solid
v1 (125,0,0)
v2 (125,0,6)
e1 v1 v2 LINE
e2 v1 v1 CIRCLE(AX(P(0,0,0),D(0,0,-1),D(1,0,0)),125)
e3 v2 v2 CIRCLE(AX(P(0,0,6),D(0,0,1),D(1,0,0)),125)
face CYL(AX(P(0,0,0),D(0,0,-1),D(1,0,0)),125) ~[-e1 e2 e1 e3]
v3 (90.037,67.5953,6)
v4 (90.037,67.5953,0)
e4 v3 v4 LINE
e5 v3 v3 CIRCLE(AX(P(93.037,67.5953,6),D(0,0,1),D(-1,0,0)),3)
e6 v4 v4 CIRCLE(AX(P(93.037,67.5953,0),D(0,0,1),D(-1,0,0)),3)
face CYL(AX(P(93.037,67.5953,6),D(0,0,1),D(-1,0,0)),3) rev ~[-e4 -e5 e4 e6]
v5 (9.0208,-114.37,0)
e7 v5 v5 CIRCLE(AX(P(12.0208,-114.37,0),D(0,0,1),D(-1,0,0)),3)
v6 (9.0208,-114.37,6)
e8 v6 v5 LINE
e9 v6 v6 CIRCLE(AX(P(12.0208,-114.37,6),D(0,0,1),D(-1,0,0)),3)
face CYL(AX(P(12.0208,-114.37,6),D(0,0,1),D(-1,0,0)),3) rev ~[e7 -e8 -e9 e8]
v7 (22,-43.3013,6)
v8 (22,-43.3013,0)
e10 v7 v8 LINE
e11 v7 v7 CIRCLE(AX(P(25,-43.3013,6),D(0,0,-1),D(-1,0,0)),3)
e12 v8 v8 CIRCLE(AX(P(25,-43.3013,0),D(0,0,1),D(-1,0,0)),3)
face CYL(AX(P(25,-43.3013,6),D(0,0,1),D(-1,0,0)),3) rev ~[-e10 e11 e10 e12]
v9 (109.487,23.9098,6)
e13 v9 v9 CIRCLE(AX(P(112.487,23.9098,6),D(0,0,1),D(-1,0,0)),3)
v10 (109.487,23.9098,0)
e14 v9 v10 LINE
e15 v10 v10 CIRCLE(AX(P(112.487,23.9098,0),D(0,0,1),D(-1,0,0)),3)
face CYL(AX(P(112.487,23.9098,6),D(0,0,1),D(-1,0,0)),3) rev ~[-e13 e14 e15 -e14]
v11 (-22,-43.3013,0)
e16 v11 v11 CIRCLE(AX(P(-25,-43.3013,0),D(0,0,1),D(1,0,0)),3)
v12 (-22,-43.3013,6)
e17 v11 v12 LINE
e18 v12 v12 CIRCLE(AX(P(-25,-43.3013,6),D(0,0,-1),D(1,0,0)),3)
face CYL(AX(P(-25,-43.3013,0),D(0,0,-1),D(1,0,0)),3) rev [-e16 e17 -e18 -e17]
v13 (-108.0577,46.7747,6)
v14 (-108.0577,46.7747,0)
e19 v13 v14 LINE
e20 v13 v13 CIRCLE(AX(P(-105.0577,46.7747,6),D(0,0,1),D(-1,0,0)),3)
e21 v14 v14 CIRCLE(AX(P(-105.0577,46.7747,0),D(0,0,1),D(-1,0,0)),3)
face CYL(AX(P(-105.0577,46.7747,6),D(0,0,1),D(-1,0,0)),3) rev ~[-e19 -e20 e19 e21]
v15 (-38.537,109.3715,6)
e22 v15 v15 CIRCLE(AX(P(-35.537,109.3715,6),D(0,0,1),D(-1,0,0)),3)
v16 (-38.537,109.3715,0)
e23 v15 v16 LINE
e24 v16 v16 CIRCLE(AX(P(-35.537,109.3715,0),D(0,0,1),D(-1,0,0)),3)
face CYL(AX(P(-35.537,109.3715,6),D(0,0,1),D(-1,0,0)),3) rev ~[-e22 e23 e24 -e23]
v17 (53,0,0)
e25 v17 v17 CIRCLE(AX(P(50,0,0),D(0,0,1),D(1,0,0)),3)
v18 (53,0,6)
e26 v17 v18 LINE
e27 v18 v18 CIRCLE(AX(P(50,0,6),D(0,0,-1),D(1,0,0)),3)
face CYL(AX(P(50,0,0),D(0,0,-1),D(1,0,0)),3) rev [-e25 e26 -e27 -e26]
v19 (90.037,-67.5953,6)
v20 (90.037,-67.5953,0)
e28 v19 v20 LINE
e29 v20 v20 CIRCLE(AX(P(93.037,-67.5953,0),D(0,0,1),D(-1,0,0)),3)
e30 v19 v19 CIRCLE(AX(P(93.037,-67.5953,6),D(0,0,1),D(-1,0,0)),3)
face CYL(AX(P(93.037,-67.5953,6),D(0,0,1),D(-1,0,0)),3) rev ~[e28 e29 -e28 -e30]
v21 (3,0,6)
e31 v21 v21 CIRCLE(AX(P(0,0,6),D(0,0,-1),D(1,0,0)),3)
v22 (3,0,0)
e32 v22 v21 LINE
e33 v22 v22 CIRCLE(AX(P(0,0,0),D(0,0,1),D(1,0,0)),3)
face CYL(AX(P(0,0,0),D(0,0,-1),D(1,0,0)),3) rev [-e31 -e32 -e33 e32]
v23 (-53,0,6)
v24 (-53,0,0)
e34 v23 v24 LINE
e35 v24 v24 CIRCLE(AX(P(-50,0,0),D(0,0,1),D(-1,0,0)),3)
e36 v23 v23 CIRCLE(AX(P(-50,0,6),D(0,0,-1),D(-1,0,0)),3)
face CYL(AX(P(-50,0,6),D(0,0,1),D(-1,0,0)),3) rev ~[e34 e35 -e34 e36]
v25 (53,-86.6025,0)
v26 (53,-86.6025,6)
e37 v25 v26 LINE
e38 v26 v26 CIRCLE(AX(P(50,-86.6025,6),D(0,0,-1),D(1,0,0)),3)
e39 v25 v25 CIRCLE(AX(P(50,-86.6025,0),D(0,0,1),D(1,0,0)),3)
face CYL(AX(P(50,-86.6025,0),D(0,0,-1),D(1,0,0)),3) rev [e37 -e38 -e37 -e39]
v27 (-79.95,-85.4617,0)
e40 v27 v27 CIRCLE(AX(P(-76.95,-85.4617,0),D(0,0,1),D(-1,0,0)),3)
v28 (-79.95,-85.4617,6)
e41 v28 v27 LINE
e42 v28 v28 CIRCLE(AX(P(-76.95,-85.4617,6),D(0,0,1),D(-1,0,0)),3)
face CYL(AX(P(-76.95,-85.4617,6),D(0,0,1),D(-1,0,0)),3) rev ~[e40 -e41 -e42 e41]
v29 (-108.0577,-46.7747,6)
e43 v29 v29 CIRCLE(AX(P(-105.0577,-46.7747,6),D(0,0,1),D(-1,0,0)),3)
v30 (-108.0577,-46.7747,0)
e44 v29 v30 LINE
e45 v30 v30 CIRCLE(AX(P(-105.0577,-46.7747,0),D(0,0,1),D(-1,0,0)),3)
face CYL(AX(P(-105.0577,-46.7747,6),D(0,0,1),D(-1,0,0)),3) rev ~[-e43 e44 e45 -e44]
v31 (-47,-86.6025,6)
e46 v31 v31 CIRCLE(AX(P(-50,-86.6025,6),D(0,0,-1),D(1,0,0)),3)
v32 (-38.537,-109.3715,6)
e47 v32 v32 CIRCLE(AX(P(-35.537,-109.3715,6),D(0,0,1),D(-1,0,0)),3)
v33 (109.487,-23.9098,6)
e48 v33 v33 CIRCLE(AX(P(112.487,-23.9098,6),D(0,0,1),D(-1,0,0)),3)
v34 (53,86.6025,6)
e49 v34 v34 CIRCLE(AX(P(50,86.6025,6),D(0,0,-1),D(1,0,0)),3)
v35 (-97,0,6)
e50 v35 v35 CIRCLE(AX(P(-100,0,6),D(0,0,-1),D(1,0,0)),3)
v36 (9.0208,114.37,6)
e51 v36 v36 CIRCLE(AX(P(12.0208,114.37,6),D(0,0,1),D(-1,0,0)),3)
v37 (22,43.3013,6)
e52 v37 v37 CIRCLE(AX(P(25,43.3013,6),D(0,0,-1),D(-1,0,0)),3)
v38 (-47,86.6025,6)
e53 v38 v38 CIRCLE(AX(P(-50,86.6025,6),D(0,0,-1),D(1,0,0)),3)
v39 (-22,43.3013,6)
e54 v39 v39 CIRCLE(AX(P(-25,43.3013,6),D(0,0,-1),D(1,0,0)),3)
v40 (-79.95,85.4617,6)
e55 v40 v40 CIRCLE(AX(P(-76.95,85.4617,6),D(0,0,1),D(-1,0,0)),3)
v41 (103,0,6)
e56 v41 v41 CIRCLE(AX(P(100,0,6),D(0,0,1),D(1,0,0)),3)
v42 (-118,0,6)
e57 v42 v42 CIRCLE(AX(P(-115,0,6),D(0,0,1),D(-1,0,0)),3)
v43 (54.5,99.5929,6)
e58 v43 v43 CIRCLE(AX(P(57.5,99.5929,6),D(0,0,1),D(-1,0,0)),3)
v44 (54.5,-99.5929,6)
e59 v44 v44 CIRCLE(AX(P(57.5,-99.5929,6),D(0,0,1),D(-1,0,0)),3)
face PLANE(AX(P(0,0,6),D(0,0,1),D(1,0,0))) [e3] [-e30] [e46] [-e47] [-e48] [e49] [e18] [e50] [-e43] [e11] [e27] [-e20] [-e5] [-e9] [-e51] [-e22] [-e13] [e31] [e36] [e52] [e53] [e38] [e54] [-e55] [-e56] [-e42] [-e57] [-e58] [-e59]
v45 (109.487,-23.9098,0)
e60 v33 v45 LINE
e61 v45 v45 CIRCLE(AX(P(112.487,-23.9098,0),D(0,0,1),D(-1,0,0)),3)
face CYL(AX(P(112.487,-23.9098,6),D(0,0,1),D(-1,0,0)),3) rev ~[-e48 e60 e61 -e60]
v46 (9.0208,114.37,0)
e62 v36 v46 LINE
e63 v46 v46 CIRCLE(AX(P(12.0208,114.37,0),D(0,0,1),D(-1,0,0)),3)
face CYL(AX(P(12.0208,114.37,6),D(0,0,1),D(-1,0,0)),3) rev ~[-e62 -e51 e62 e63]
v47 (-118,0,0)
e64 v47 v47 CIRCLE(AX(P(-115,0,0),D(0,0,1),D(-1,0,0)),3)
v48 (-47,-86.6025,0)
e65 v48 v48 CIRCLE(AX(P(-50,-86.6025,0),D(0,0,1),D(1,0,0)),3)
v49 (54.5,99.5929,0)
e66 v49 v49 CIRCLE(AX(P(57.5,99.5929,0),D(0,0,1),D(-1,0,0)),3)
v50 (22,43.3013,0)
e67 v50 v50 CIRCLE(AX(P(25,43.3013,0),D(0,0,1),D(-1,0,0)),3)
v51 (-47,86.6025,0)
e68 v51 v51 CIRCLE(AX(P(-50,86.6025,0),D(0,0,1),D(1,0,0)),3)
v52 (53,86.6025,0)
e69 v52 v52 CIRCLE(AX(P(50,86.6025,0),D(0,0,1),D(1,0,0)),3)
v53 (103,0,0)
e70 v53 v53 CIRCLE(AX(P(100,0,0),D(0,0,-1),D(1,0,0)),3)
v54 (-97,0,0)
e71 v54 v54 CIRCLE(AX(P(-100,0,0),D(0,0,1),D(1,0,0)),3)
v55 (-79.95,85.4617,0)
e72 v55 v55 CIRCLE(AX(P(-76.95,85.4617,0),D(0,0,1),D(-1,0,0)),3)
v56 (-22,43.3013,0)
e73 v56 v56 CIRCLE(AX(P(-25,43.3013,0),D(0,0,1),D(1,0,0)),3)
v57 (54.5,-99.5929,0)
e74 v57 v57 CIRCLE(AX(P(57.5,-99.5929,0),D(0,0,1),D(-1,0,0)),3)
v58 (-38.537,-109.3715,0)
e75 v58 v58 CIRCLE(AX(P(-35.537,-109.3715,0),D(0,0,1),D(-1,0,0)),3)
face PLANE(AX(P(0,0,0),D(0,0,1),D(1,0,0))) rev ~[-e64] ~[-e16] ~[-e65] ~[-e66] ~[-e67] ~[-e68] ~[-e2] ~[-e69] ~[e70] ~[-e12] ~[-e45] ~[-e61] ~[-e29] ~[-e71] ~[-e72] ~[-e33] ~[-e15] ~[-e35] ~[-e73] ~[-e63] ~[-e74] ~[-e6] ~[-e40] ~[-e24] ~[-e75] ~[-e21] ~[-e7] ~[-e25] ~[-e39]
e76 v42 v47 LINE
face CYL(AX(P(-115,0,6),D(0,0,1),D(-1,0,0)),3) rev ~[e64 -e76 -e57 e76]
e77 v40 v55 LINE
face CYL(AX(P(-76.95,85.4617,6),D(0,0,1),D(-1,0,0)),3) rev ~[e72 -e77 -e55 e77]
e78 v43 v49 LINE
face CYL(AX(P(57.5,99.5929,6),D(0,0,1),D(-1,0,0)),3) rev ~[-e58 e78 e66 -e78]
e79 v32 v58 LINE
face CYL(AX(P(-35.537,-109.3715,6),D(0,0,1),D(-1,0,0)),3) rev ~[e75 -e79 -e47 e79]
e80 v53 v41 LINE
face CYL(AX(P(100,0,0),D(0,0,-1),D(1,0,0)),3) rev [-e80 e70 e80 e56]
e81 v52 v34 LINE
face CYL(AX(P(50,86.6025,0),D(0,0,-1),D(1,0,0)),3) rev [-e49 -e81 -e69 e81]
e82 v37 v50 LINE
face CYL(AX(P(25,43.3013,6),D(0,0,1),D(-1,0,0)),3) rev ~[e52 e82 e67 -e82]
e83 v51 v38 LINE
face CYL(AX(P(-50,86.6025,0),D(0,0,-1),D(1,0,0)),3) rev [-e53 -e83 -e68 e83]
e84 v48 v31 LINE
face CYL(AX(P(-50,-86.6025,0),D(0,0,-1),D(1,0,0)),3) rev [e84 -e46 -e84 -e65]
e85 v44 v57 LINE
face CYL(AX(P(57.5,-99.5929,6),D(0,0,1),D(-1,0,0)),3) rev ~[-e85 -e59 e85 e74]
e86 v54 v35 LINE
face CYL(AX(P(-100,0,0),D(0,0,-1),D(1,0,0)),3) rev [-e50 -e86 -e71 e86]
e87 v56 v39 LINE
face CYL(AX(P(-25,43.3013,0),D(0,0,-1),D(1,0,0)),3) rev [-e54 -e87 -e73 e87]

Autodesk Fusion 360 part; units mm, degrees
sketch "Sketch1" plane through (0, 0, 0) normal (0, 0, 1) x (1, 0, 0)
  circle A0 centre (0, 0) radius 125
  line L0 (0, 0) -> (125, 0)
  line L1 (0, 0) -> (-62.5, -108.2532)
  line L2 (0, 0) -> (-62.5, 108.2532)
  line L3 (0, 0) -> (125, 0) construction
  line L4 (0, 0) -> (-25, 43.3013)
  line L5 (-25, 43.3013) -> (-50, 86.6025)
  line L6 (0, 0) -> (50, 0)
  line L7 (50, 0) -> (100, 0)
  line L8 (0, 0) -> (-25, -43.3013)
  line L9 (-25, -43.3013) -> (-50, -86.6025)
  circle A1 centre (-50, 86.6025) radius 3
  circle A2 centre (-25, 43.3013) radius 3
  circle A3 centre (50, 0) radius 3
  circle A4 centre (100, 0) radius 3
  circle A5 centre (-25, -43.3013) radius 3
  circle A6 centre (-50, -86.6025) radius 3
  line L10 (0, 0) -> (62.5, 108.2532)
  line L11 (0, 0) -> (125, 0) construction
  line L12 (0, 0) -> (62.5, -108.2532)
  line L13 (0, 0) -> (125, 0) construction
  line L14 (0, 0) -> (-125, 0)
  line L15 (0, 0) -> (-100, 0)
  circle A7 centre (-100, 0) radius 3
  line L16 (0, 0) -> (50, -86.6025)
  circle A8 centre (50, -86.6025) radius 3
  line L17 (0, 0) -> (50, 86.6025)
  circle A9 centre (50, 86.6025) radius 3
  circle A10 centre (0, 0) radius 3
  dimension "d1" = 250
  dimension "d2" = 60
  dimension "d3" = 120
  dimension "d4" = 50
  dimension "d5" = 50
  dimension "d6" = 50
  dimension "d7" = 50
  dimension "d8" = 50
  dimension "d9" = 50
  dimension "d10" = 6
  dimension "d11" = 6
  dimension "d12" = 6
  dimension "d13" = 6
  dimension "d14" = 6
  dimension "d15" = 6
  dimension "d16" = 60
  dimension "d17" = 60
  dimension "d18" = 100
  dimension "d19" = 6
  dimension "d20" = 100
  dimension "d21" = 6
  dimension "d22" = 100
  dimension "d23" = 6
  dimension "d24" = 6
extrude "Extrude1" add sketch "Sketch1" along normal blind 6 contours A0 L0 L6 L7 A3 A4 L10 L17 A9 A10 | A0 L0 L6 L7 A3 A4 L12 L16 A8 A10 | A0 L2 L4 L5 A1 A2 L10 L17 A9 A10 | A0 L1 L8 L9 A5 A6 L12 L16 A8 A10 | A0 L2 L4 L5 A1 A2 L14 L15 A7 A10 | A0 L1 L8 L9 A5 A6 L14 L15 A7 A10
sketch "Sketch2" plane through (0, 0, 6) normal (0, 0, 1) x (-1, 0, 0)
  circle A0 centre (0, 0) radius 3
  circle A1 centre (-50, -86.6025) radius 3
  circle A2 centre (25, -43.3013) radius 3
  circle A3 centre (100, 0) radius 3
  circle A4 centre (25, 43.3013) radius 3
  circle A5 centre (50, -86.6025) radius 3
  circle A6 centre (-100, 0) radius 3
  circle A7 centre (-50, 86.6025) radius 3
  circle A8 centre (-50, 0) radius 3
  circle A9 centre (50, 86.6025) radius 3
  circle A10 centre (0, 0) radius 125
  line L0 (125, 0) -> (115, 0)
  circle A11 centre (115, 0) radius 3
  circle A12 centre (105.0577, 46.7747) radius 3
  circle A13 centre (76.95, 85.4617) radius 3
  circle A14 centre (35.537, 109.3715) radius 3
  circle A15 centre (-12.0208, 114.37) radius 3
  circle A16 centre (-57.5, 99.5929) radius 3
  circle A17 centre (-93.037, 67.5953) radius 3
  circle A18 centre (-112.487, 23.9098) radius 3
  circle A19 centre (-112.487, -23.9098) radius 3
  circle A20 centre (-93.037, -67.5953) radius 3
  circle A21 centre (-57.5, -99.5929) radius 3
  circle A22 centre (-12.0208, -114.37) radius 3
  circle A23 centre (35.537, -109.3715) radius 3
  circle A24 centre (76.95, -85.4617) radius 3
  circle A25 centre (105.0577, -46.7747) radius 3
  dimension "d27" = 10
  dimension "d28" = 6
  dimension "d30" = 360
extrude "Extrude2" cut sketch "Sketch2" against normal blind 6 contours A11 | A12 | A13 | A14 | A15 | A16 | A17 | A18 | A19 | A20 | A21 | A22 | A23 | A24 | A25
sketch "Sketch3" plane through (0, 0, 6) normal (0, 0, 1) x (-1, 0, 0)
  circle A0 centre (35.537, 109.3715) radius 3
  circle A1 centre (-112.487, 23.9098) radius 3
  circle A2 centre (-12.0208, -114.37) radius 3
  circle A3 centre (115, 0) radius 3
  circle A4 centre (35.537, -109.3715) radius 3
  circle A5 centre (-112.487, -23.9098) radius 3
  circle A6 centre (-12.0208, 114.37) radius 3
  circle A7 centre (76.95, 85.4617) radius 3
  circle A8 centre (-93.037, 67.5953) radius 3
  circle A9 centre (-57.5, -99.5929) radius 3
  circle A10 centre (105.0577, -46.7747) radius 3
  circle A11 centre (76.95, -85.4617) radius 3
  circle A12 centre (-93.037, -67.5953) radius 3
  circle A13 centre (-57.5, 99.5929) radius 3
  circle A14 centre (105.0577, 46.7747) radius 3
  circle A15 centre (0, 0) radius 3
  circle A16 centre (-50, -86.6025) radius 3
  circle A17 centre (25, -43.3013) radius 3
  circle A18 centre (100, 0) radius 3
  circle A19 centre (25, 43.3013) radius 3
  circle A20 centre (50, -86.6025) radius 3
  circle A21 centre (-100, 0) radius 3
  circle A22 centre (-50, 86.6025) radius 3
  circle A23 centre (-50, 0) radius 3
  circle A24 centre (50, 86.6025) radius 3
  circle A25 centre (0, 0) radius 125
  line L0 (0, 0) -> (50, 0)
  line L1 (0, 0) -> (-50, -86.6025)
  line L2 (-50, 86.6025) -> (0, 0)
  circle A26 centre (-25, -43.3013) radius 3
  circle A27 centre (-25, 43.3013) radius 3
  circle A28 centre (50, 0) radius 3
  dimension "d33" = 50
  dimension "d34" = 6
  dimension "d35" = 6
  dimension "d36" = 6
extrude "Extrude3" cut sketch "Sketch3" against normal blind 6 contours L1 A26 | L1 A26 | L2 A27 | L2 A27 | A28
